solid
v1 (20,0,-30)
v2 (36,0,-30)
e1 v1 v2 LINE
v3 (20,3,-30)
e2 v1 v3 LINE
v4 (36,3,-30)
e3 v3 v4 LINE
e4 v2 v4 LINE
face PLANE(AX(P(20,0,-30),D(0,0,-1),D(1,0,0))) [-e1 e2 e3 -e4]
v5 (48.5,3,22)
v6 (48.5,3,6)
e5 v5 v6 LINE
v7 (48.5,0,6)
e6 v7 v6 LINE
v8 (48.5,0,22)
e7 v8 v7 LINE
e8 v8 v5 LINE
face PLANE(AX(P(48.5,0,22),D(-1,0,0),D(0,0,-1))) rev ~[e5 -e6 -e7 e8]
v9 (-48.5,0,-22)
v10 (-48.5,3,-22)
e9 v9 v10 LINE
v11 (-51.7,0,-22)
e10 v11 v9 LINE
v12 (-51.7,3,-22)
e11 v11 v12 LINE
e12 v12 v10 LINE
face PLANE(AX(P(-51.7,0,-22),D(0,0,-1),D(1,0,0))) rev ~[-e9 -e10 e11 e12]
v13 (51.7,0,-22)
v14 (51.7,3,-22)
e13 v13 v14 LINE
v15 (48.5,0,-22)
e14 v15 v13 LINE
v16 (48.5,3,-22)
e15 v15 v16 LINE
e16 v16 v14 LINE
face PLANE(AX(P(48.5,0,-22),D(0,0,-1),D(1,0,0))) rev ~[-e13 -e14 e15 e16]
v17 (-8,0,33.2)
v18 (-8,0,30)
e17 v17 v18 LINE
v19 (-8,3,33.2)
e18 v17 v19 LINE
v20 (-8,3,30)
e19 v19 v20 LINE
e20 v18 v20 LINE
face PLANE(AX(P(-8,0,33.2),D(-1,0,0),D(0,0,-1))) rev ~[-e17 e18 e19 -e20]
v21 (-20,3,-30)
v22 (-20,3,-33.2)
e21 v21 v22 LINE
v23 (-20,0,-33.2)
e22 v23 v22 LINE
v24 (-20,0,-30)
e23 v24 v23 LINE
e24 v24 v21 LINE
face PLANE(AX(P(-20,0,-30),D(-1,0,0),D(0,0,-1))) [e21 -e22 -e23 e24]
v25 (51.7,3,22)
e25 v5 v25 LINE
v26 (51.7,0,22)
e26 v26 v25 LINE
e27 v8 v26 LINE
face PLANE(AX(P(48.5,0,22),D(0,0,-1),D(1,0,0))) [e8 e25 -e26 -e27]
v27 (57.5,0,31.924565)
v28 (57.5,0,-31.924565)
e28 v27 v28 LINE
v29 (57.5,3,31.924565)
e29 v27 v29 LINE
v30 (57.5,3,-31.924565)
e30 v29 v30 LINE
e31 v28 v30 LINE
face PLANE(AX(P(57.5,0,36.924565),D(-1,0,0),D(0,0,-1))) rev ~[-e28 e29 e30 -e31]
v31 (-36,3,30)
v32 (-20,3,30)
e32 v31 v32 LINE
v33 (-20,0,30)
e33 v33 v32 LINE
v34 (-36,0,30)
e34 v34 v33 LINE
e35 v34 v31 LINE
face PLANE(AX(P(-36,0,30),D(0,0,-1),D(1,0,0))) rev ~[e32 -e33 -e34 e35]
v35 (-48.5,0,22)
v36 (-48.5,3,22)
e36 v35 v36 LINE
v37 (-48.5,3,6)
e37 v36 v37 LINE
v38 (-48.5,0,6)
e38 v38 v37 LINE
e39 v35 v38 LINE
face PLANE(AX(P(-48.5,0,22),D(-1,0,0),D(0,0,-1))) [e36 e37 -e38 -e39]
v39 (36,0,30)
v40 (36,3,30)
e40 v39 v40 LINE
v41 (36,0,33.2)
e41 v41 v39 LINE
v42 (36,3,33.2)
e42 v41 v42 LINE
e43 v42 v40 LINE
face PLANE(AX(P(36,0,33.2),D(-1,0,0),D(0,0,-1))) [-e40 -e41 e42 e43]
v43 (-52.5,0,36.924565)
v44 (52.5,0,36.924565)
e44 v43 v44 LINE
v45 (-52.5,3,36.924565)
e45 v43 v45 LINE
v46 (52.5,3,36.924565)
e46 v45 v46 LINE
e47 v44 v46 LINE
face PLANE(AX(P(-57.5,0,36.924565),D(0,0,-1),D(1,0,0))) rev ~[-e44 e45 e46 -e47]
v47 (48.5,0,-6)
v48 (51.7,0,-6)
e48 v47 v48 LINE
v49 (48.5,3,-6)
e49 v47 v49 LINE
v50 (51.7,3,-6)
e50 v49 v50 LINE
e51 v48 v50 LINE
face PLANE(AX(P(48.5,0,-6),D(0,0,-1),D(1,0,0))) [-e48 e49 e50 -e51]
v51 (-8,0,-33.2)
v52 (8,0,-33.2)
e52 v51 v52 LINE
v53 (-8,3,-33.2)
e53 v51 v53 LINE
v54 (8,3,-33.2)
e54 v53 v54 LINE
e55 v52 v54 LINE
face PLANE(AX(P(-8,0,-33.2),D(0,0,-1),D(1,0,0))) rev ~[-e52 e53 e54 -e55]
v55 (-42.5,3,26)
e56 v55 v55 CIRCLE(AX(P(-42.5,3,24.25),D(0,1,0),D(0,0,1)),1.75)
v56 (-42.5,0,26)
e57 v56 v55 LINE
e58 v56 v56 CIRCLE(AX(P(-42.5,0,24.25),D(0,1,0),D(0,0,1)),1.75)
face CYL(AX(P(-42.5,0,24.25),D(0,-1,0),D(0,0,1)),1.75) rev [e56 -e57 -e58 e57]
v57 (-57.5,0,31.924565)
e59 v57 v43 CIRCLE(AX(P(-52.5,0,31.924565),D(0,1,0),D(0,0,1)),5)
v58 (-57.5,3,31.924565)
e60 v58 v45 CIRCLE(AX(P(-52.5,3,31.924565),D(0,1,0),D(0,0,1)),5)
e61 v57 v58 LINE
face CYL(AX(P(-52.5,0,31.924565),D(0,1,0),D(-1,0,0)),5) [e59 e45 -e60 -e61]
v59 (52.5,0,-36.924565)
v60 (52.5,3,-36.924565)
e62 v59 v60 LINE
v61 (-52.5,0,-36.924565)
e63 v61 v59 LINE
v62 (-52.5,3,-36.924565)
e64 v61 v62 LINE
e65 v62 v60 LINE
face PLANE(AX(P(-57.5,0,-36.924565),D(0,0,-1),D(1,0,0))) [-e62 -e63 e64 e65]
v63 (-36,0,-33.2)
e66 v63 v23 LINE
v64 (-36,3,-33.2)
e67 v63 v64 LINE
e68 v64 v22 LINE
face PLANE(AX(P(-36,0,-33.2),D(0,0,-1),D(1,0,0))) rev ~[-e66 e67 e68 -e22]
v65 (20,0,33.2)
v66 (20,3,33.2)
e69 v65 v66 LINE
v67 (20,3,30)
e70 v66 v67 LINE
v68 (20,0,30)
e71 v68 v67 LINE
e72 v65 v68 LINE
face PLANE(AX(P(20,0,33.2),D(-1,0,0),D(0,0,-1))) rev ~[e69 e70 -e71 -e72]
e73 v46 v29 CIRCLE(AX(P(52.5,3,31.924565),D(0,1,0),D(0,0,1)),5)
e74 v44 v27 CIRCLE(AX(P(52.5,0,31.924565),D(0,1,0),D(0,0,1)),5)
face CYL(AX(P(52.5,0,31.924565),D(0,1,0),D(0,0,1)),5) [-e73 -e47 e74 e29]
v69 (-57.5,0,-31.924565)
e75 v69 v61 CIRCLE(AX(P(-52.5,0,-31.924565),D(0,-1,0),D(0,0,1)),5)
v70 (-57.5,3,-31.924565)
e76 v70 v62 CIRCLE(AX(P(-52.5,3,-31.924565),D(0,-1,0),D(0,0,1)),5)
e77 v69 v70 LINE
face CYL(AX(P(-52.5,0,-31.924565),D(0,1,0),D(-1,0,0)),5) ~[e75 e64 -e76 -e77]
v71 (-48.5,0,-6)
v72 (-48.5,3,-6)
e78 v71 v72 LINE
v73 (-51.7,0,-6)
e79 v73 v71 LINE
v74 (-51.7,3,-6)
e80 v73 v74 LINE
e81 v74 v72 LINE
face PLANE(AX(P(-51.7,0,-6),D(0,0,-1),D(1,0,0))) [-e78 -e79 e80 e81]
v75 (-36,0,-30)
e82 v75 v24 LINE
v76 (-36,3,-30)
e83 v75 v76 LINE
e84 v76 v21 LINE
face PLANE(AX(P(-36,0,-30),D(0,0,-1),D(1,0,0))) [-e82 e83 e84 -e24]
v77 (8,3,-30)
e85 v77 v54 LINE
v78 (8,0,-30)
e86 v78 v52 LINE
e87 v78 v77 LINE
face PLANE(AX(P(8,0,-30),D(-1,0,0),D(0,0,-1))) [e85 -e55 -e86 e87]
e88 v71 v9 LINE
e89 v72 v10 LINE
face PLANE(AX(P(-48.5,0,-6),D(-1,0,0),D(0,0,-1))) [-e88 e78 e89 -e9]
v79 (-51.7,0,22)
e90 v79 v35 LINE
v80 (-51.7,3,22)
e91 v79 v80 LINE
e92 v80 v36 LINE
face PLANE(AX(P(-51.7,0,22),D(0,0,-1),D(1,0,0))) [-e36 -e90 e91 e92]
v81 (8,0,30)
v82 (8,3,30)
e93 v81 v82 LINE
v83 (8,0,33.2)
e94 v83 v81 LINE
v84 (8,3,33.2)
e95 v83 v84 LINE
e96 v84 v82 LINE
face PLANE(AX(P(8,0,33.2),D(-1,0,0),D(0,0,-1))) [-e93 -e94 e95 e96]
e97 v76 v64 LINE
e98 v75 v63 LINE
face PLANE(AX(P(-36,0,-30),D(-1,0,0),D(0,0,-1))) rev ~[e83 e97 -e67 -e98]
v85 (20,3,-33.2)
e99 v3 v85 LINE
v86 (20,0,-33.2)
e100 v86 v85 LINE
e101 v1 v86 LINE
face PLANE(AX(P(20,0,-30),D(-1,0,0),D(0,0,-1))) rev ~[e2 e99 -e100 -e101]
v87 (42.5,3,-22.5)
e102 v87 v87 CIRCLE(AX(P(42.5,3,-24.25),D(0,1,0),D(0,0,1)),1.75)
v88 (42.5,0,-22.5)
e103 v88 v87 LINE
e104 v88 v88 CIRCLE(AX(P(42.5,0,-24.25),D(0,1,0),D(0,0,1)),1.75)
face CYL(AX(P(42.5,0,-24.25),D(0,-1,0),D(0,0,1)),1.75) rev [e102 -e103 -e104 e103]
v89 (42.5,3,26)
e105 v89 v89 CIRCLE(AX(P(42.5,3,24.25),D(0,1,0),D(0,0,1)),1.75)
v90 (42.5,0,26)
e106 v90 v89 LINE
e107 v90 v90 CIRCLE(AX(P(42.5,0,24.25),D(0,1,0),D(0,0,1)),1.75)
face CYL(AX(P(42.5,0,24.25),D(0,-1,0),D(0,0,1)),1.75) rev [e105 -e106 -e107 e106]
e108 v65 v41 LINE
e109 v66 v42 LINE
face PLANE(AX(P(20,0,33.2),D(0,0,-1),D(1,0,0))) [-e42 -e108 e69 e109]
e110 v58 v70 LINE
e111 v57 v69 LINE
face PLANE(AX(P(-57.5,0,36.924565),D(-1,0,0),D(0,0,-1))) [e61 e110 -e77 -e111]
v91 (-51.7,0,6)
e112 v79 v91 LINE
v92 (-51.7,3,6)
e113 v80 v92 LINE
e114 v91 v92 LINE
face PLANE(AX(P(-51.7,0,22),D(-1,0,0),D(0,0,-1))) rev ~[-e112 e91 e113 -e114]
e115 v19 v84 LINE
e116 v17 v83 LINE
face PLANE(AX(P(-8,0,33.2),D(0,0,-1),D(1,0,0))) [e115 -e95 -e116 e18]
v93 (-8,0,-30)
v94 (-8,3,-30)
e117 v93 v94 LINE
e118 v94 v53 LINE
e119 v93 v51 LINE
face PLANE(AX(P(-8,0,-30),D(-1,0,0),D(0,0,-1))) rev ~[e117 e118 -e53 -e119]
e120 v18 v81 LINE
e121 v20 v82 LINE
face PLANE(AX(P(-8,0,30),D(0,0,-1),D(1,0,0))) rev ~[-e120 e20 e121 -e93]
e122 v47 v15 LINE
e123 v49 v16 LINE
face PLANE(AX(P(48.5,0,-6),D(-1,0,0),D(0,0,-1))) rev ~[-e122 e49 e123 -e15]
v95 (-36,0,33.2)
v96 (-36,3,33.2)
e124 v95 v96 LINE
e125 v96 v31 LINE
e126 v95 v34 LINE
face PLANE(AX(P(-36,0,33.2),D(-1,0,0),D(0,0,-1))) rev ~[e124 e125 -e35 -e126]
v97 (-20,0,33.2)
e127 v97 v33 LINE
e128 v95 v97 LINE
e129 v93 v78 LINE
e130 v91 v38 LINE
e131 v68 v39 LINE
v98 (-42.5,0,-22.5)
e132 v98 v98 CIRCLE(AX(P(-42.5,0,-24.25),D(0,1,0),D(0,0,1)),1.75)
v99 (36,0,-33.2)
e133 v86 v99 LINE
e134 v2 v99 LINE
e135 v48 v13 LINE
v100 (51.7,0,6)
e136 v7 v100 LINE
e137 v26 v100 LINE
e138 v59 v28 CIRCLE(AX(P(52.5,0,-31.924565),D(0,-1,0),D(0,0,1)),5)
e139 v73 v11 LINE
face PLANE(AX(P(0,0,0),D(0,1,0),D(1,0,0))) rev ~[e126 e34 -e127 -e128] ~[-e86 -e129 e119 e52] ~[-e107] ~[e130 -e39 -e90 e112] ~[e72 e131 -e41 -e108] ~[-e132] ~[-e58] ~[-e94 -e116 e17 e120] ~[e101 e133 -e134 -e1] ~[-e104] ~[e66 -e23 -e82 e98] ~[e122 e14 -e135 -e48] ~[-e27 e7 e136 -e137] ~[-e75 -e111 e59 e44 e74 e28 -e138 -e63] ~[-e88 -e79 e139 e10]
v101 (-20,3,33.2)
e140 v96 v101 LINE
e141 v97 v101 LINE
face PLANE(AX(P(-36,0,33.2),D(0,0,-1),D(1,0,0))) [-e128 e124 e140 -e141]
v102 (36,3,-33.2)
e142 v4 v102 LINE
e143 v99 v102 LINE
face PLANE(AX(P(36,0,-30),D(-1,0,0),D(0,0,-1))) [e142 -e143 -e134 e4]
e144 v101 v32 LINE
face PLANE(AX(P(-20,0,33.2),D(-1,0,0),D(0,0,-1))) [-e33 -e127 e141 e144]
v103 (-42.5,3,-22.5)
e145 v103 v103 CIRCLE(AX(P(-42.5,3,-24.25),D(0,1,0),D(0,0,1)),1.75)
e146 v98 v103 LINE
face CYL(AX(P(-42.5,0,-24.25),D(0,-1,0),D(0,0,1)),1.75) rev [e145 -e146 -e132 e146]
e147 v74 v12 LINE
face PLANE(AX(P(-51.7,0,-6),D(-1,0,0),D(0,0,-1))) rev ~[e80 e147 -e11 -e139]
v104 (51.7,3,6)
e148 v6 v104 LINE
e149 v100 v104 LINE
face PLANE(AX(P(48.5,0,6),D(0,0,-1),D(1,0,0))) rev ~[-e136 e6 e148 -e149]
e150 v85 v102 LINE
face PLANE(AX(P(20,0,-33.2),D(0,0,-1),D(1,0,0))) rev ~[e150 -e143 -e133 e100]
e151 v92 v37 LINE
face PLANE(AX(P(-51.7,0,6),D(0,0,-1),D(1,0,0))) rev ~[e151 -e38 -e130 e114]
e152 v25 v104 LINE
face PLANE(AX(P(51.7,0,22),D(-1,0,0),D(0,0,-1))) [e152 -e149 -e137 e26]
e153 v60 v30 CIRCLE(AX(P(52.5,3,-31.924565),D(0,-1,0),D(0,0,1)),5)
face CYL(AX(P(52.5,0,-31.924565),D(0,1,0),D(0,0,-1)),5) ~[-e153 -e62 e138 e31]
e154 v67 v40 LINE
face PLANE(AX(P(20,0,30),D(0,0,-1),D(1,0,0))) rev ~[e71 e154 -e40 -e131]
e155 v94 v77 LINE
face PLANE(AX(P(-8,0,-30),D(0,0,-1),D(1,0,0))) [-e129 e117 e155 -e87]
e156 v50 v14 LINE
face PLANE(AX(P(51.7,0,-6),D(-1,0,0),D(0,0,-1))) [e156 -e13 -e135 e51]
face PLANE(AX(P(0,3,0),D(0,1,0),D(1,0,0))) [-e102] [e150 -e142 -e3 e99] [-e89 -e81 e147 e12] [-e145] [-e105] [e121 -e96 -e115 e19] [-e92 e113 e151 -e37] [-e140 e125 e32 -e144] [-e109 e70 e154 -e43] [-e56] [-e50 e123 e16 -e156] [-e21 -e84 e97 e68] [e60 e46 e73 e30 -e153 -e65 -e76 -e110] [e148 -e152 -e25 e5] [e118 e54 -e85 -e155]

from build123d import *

# Parameters (mm, degrees)
SKETCH1_W           = 115
SKETCH1_H           = 73.849129594
SKETCH1_R           = 1.75
SKETCH1_W_2         = 16
SKETCH1_H_2         = 3.2
SKETCH1_W_3         = 3.2
SKETCH1_H_3         = 16
BOSS_EXTRUDE1_DEPTH = 3
FILLET1_R           = 5


with BuildPart() as part:
    # Sketch1 → Boss-Extrude1 (new body)
    with BuildSketch(Plane(origin=(0, 0, 0), x_dir=(1, 0, 0), z_dir=(0, 1, 0))):
        Rectangle(SKETCH1_W, SKETCH1_H)
        with Locations(Location((-42.5, 24.25, 0), (0, 0, 270))):
            Circle(SKETCH1_R, mode=Mode.SUBTRACT)
        with Locations(Location((42.5, 24.25, 0), (0, 0, 270))):
            Circle(SKETCH1_R, mode=Mode.SUBTRACT)
        with Locations(Location((-42.5, -24.25, 0), (0, 0, 270))):
            Circle(SKETCH1_R, mode=Mode.SUBTRACT)
        with Locations(Location((42.5, -24.25, 0), (0, 0, 270))):
            Circle(SKETCH1_R, mode=Mode.SUBTRACT)
        with Locations((-28, 31.6)):
            Rectangle(SKETCH1_W_2, SKETCH1_H_2, mode=Mode.SUBTRACT)
        with Locations((28, 31.6)):
            Rectangle(SKETCH1_W_2, SKETCH1_H_2, mode=Mode.SUBTRACT)
        with Locations((-50.1, 14)):
            Rectangle(SKETCH1_W_3, SKETCH1_H_3, mode=Mode.SUBTRACT)
        with Locations((-50.1, -14)):
            Rectangle(SKETCH1_W_3, SKETCH1_H_3, mode=Mode.SUBTRACT)
        with Locations((0, 31.6)):
            Rectangle(SKETCH1_W_2, SKETCH1_H_2, mode=Mode.SUBTRACT)
        with Locations((-28, -31.6)):
            Rectangle(SKETCH1_W_2, SKETCH1_H_2, mode=Mode.SUBTRACT)
        with Locations((28, -31.6)):
            Rectangle(SKETCH1_W_2, SKETCH1_H_2, mode=Mode.SUBTRACT)
        with Locations((0, -31.6)):
            Rectangle(SKETCH1_W_2, SKETCH1_H_2, mode=Mode.SUBTRACT)
        with Locations((50.1, -14)):
            Rectangle(SKETCH1_W_3, SKETCH1_H_3, mode=Mode.SUBTRACT)
        with Locations((50.1, 14)):
            Rectangle(SKETCH1_W_3, SKETCH1_H_3, mode=Mode.SUBTRACT)
    extrude(amount=BOSS_EXTRUDE1_DEPTH)

    # Fillet1
    fillet1_edges = [part.edges().sort_by_distance(p)[0] for p in [
        (57.5, 1.5, 36.924564797),
        (-57.5, 1.5, 36.924564797),
        (-57.5, 1.5, -36.924564797),
        (57.5, 1.5, -36.924564797),
    ]]
    fillet(fillet1_edges, radius=FILLET1_R)


solid = part.part
